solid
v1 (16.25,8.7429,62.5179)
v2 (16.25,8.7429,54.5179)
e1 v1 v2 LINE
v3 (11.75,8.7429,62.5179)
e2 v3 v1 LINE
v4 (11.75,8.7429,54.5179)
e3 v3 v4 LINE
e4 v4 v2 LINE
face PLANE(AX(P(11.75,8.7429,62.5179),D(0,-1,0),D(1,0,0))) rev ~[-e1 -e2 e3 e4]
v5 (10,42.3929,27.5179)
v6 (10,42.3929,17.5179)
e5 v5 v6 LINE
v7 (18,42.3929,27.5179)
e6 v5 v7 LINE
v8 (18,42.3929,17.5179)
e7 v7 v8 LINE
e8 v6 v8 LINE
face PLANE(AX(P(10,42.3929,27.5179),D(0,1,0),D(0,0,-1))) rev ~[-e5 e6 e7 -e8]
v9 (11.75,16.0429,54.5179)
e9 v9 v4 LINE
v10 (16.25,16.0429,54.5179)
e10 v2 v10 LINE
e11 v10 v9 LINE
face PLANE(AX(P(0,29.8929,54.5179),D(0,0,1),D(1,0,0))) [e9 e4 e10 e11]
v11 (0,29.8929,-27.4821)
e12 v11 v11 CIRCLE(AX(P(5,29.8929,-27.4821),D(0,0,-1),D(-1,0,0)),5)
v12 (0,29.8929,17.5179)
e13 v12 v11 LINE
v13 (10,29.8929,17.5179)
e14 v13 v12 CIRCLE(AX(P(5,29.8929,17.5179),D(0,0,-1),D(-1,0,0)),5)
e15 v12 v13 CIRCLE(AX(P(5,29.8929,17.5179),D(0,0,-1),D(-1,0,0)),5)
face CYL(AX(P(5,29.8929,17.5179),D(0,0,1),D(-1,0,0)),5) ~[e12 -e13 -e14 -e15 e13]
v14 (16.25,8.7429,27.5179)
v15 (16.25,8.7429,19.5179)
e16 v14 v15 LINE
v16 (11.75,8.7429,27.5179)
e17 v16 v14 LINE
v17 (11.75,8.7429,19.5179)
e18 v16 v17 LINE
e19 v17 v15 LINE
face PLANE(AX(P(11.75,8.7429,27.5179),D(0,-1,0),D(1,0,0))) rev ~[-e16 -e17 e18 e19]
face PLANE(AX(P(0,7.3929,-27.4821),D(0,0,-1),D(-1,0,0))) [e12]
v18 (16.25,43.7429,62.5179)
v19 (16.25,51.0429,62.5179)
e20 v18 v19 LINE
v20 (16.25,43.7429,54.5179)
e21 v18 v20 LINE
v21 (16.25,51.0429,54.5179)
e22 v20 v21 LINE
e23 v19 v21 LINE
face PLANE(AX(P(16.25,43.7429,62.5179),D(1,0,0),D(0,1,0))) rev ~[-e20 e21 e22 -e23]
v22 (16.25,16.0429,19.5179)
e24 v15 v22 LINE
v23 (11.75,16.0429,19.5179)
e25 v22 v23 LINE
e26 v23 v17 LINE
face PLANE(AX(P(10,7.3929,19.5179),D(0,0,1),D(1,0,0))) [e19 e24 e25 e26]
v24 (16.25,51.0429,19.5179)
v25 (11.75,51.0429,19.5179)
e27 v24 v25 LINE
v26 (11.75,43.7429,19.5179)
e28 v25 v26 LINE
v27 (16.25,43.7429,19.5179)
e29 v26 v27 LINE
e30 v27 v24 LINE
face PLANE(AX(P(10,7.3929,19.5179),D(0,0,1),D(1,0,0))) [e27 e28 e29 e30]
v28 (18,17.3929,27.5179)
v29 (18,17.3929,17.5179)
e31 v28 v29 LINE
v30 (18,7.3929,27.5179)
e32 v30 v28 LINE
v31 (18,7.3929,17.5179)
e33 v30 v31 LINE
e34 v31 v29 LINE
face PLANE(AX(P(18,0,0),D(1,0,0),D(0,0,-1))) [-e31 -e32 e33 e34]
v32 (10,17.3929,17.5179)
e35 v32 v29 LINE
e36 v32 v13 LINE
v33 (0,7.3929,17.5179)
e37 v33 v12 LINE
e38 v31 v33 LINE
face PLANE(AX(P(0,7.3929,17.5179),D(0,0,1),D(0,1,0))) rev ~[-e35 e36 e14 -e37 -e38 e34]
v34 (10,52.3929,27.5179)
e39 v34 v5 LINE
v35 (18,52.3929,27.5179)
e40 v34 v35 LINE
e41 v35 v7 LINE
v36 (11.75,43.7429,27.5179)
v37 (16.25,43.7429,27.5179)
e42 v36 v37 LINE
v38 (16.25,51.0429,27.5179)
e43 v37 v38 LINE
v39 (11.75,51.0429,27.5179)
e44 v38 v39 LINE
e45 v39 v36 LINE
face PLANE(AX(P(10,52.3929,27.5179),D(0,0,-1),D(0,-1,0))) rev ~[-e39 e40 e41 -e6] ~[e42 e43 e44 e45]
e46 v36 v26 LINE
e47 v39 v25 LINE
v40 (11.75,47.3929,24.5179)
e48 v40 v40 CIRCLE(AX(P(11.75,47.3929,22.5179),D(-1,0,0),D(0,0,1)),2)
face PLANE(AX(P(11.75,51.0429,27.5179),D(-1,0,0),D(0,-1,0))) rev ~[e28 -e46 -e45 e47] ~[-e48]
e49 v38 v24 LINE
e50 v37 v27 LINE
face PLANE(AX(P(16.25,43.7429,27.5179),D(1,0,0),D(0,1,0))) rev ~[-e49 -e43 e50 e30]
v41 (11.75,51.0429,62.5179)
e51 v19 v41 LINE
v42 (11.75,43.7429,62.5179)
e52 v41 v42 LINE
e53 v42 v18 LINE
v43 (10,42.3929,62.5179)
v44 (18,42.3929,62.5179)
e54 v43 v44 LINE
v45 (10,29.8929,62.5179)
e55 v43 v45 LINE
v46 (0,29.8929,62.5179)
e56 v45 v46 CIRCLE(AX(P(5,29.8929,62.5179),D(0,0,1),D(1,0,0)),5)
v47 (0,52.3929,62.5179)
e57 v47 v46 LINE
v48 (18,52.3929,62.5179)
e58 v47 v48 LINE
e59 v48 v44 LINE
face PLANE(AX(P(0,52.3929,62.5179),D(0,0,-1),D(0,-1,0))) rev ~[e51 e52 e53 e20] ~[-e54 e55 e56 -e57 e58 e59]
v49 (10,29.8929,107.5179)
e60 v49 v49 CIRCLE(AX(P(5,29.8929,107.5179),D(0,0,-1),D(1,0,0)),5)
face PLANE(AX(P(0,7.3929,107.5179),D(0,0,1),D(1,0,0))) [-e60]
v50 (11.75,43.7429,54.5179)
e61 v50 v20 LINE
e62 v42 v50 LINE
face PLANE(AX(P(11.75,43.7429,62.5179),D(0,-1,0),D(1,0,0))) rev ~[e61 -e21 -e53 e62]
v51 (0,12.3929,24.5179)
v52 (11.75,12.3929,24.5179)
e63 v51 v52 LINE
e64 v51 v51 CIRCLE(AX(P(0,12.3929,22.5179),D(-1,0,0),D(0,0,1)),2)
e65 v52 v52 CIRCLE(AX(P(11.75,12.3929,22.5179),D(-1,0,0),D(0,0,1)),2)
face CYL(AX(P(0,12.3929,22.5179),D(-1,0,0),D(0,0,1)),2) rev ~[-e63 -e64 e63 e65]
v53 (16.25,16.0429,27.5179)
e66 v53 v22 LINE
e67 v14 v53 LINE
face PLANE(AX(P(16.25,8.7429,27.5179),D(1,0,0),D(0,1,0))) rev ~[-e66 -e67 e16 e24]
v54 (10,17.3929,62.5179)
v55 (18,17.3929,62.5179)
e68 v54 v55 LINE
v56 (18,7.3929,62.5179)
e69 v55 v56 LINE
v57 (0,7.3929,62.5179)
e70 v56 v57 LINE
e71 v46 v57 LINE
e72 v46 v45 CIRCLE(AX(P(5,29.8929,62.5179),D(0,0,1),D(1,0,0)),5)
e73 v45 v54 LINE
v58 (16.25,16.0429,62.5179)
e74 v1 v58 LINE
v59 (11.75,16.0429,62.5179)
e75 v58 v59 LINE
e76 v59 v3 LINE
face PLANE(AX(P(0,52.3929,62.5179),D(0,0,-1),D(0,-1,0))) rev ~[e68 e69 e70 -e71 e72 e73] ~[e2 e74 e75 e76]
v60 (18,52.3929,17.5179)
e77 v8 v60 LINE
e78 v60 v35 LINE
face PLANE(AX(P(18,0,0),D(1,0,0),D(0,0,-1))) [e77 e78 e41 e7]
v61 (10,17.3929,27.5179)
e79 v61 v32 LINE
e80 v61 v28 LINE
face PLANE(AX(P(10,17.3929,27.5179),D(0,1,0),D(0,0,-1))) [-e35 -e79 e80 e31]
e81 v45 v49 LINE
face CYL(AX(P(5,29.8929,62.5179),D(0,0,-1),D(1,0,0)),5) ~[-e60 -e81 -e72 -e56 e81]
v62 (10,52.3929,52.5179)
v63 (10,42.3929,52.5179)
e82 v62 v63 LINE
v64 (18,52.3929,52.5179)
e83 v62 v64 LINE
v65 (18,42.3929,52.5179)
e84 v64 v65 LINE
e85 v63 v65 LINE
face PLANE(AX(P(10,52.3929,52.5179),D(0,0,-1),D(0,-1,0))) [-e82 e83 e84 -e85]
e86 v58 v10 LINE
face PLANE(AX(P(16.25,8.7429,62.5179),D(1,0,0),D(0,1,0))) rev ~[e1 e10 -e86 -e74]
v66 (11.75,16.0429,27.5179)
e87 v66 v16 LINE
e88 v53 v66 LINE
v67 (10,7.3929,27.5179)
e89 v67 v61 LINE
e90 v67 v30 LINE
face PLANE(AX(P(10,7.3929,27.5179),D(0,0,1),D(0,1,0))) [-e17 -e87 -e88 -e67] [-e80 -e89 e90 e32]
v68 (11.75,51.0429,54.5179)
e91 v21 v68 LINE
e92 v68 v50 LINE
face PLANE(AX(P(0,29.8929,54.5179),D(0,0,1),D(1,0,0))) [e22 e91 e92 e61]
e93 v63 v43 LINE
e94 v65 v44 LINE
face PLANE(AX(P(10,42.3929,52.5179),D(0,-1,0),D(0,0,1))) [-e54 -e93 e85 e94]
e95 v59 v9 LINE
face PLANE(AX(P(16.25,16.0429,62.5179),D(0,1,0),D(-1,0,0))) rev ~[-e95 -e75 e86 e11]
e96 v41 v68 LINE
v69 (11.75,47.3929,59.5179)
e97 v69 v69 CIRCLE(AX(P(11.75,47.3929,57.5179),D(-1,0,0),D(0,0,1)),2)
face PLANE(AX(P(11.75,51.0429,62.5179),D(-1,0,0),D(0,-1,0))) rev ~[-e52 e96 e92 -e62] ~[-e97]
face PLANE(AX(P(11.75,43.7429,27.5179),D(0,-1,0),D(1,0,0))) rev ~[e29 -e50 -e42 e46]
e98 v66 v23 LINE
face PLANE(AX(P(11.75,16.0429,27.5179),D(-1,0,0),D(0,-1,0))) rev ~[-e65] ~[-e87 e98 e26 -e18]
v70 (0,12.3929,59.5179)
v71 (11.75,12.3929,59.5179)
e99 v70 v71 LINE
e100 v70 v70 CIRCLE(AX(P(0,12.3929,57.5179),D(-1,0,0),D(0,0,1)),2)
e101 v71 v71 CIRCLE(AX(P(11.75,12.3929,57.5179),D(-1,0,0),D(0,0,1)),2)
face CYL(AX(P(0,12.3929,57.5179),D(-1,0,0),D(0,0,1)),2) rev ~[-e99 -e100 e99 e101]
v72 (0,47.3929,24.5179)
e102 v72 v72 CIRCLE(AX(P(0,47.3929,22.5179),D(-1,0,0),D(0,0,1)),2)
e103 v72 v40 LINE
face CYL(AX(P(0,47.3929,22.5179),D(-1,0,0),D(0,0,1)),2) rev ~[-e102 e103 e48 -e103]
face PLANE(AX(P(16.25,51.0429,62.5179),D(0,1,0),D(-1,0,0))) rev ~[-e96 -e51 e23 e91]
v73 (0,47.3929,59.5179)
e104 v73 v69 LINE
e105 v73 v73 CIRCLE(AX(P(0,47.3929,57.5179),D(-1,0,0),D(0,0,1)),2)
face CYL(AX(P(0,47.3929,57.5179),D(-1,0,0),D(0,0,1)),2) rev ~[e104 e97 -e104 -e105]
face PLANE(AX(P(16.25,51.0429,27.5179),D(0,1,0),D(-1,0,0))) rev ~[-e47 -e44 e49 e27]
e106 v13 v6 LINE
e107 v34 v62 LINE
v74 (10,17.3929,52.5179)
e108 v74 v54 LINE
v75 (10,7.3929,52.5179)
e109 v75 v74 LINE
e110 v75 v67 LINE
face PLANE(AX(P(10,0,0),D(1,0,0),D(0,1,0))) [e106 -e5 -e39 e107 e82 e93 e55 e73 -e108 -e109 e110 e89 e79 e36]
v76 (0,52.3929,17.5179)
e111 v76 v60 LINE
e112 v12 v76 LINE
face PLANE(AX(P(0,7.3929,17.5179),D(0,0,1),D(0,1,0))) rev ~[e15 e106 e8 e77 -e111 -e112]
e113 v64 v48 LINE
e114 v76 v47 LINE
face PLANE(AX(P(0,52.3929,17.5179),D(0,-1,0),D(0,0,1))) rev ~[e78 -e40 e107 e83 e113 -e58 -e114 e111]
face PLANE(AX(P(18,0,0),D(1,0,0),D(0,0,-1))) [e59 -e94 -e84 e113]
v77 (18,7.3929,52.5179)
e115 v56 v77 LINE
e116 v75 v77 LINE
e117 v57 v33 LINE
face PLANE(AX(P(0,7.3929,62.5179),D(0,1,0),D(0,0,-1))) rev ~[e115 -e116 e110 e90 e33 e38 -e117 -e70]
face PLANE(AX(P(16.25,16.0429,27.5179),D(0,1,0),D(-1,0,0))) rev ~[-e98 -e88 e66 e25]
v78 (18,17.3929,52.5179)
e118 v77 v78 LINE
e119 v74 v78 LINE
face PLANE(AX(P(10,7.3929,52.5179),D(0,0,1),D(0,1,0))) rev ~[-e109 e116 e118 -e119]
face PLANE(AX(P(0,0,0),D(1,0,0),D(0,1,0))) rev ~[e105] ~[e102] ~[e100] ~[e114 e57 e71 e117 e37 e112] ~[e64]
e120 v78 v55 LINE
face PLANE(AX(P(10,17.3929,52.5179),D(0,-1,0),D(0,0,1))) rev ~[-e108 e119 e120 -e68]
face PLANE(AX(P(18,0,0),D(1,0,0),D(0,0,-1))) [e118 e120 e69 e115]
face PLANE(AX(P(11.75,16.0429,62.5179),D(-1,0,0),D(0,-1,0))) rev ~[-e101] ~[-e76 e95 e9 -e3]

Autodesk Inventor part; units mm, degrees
ref_plane "YZ Plane" through (0, 0, 0) normal (1, 0, 0) x (0, 1, 0)
ref_plane "XZ Plane" through (0, 0, 0) normal (0, 1, 0) x (-1, 0, 0)
ref_plane "XY Plane" through (0, 0, 0) normal (0, 0, 1) x (1, 0, 0)
sketch "Skizze1" plane through (0, 0, 0) normal (1, 0, 0) x (0, 1, 0)
  line L0 (52.3929, 62.5179) -> (7.3929, 62.5179)
  line L1 (7.3929, 62.5179) -> (7.3929, 17.5179)
  line L2 (7.3929, 17.5179) -> (52.3929, 17.5179)
  line L3 (52.3929, 17.5179) -> (52.3929, 62.5179)
  point P0 (0, 0)
  dimension "d0" = 45
  dimension "d1" = 45
extrude "Extrusion1" add sketch "Skizze1" along normal blind 10
sketch "Skizze2" plane through (0, 7.3929, 62.5179) normal (0, 0, 1) x (1, 0, 0)
  line L0 (0, 0) -> (10, 0) projected
  line L1 (0, 45) -> (0, 0) projected
  line L2 (10, 45) -> (10, 0) projected
  circle A0 centre (5, 22.5) radius 5
  point P0 (0, -7.3929)
  dimension "d4" = 22.5
  dimension "d7" = 10
  dimension "d18" = 5
extrude "Extrusion2" add sketch "Skizze2" along normal blind 45 contours A0
sketch "Skizze3" plane through (0, 7.3929, 17.5179) normal (0, 0, -1) x (-1, 0, 0)
  line L0 (0, 45) -> (-10, 45) projected
  circle A0 centre (-5, 22.5) radius 5
  line L1 (0, 0) -> (0, 45) projected
  point P0 (0, -7.3929)
  dimension "d10" = 22.5
  dimension "d11" = 10
  dimension "d19" = 5
extrude "Extrusion3" add sketch "Skizze3" along normal blind 45
sketch "Skizze4" plane through (10, 0, 0) normal (1, 0, 0) x (0, 0, -1)
  point P0 (0, 0)
sketch "Skizze6" plane through (10, 52.3929, 59.5179) normal (1, 0, 0) x (0, 0, -1)
  point P0 (59.5179, -52.3929)
sketch "Skizze7" plane through (10, 52.3929, 59.5179) normal (1, 0, 0) x (0, 0, -1)
  point P0 (59.5179, -52.3929)
sketch "Skizze10" plane through (10, 0, 0) normal (1, 0, 0) x (0, 0, -1)
  line L0 (-62.5179, 29.8929) -> (-62.5179, 7.3929) projected
  line L1 (-62.5179, 52.3929) -> (-62.5179, 29.8929) projected
  line L2 (-17.5179, 52.3929) -> (-62.5179, 52.3929) projected
  line L3 (-17.5179, 29.8929) -> (-17.5179, 52.3929) projected
  line L4 (-17.5179, 24.8929) -> (27.4821, 24.8929) projected
  line L5 (-17.5179, 7.3929) -> (-17.5179, 29.8929) projected
  line L6 (-62.5179, 7.3929) -> (-17.5179, 7.3929) projected
  line L7 (-62.5179, 7.3929) -> (-52.5179, 7.3929)
  line L8 (-52.5179, 7.3929) -> (-52.5179, 17.3929)
  line L9 (-52.5179, 17.3929) -> (-62.5179, 17.3929)
  line L10 (-62.5179, 17.3929) -> (-62.5179, 7.3929)
  line L11 (-62.5179, 52.3929) -> (-52.5179, 52.3929)
  line L12 (-52.5179, 52.3929) -> (-52.5179, 42.3929)
  line L13 (-52.5179, 42.3929) -> (-62.5179, 42.3929)
  line L14 (-62.5179, 42.3929) -> (-62.5179, 52.3929)
  line L15 (-17.5179, 7.3929) -> (-17.5179, 29.8929) projected
  line L16 (-17.5179, 7.3929) -> (-27.5179, 7.3929)
  line L17 (-27.5179, 7.3929) -> (-27.5179, 17.3929)
  line L18 (-27.5179, 17.3929) -> (-17.5179, 17.3929)
  line L19 (-17.5179, 17.3929) -> (-17.5179, 7.3929)
  line L20 (-17.5179, 52.3929) -> (-27.5179, 52.3929)
  line L21 (-27.5179, 52.3929) -> (-27.5179, 42.3929)
  line L22 (-27.5179, 42.3929) -> (-17.5179, 42.3929)
  line L23 (-17.5179, 42.3929) -> (-17.5179, 52.3929)
  point P0 (0, 0)
  dimension "d46" = 10
  dimension "d47" = 10
  dimension "d48" = 10
  dimension "d49" = 10
  dimension "d50" = 10
  dimension "d51" = 10
  dimension "d52" = 10
  dimension "d53" = 10
extrude "Extrusion5" add sketch "Skizze10" along normal blind 8 contours L9 L8 L6 L0 | L1 L2 L12 L13 | L17 L18 L5 L6 | L2 L3 L22 L21
sketch "Skizze11" plane through (0, 29.8929, 62.5179) normal (0, 0, 1) x (1, 0, 0)
  line L0 (11.75, 13.85) -> (16.25, 13.85)
  line L1 (16.25, 13.85) -> (16.25, 21.15)
  line L2 (16.25, 21.15) -> (11.75, 21.15)
  line L3 (11.75, 21.15) -> (11.75, 13.85)
  line L4 (11.75, -21.15) -> (16.25, -21.15)
  line L5 (16.25, -21.15) -> (16.25, -13.85)
  line L6 (16.25, -13.85) -> (11.75, -13.85)
  line L7 (11.75, -13.85) -> (11.75, -21.15)
  line L8 (0, -22.5) -> (18, -22.5) projected
  line L9 (10, 12.5) -> (18, 12.5) projected
  line L10 (18, 22.5) -> (18, 12.5) projected
  point P0 (0, -29.8929)
  dimension "d56" = 4.5
  dimension "d57" = 7.3
  dimension "d58" = 4.5
  dimension "d59" = 7.3
  dimension "d60" = 1.35
  dimension "d61" = 1.35
  dimension "d62" = 1.75
extrude "Extrusion6" cut sketch "Skizze11" against normal blind 8
sketch "Skizze12" plane through (10, 7.3929, 27.5179) normal (0, 0, 1) x (1, 0, 0)
  line L0 (1.75, 1.35) -> (6.25, 1.35)
  line L1 (6.25, 1.35) -> (6.25, 8.65)
  line L2 (6.25, 8.65) -> (1.75, 8.65)
  line L3 (1.75, 8.65) -> (1.75, 1.35)
  line L4 (1.75, 36.35) -> (6.25, 36.35)
  line L5 (6.25, 36.35) -> (6.25, 43.65)
  line L6 (6.25, 43.65) -> (1.75, 43.65)
  line L7 (1.75, 43.65) -> (1.75, 36.35)
  line L8 (8, 10) -> (8, 0) projected
  line L9 (0, 0) -> (8, 0) projected
  line L10 (0, 35) -> (8, 35) projected
  point P0 (-10, -7.3929)
  dimension "d65" = 1.75
  dimension "d66" = 1.35
  dimension "d67" = 7.3
  dimension "d68" = 4.5
  dimension "d69" = 7.3
  dimension "d70" = 4.5
  dimension "d71" = 1.35
extrude "Extrusion7" cut sketch "Skizze12" against normal blind 8
sketch "Skizze13" plane through (0, 0, 0) normal (-1, 0, 0) x (0, 0, 1)
  line L0 (62.5179, 52.3929) -> (62.5179, 29.8929) projected
  line L1 (17.5179, 52.3929) -> (62.5179, 52.3929) projected
  line L2 (62.5179, 29.8929) -> (62.5179, 7.3929) projected
  line L3 (62.5179, 7.3929) -> (17.5179, 7.3929) projected
  line L4 (17.5179, 7.3929) -> (17.5179, 29.8929) projected
  line L5 (17.5179, 29.8929) -> (17.5179, 52.3929) projected
  circle A0 centre (57.5179, 47.3929) radius 2
  circle A1 centre (57.5179, 12.3929) radius 2
  circle A2 centre (22.5179, 47.3929) radius 2
  circle A3 centre (22.5179, 12.3929) radius 2
  point P0 (0, 0)
  dimension "d74" = 5
  dimension "d75" = 5
  dimension "d76" = 5
  dimension "d77" = 5
  dimension "d78" = 5
  dimension "d79" = 5
  dimension "d80" = 5
  dimension "d81" = 5
  dimension "d82" = 4
  dimension "d83" = 4
  dimension "d84" = 4
  dimension "d85" = 4
extrude "Extrusion8" cut sketch "Skizze13" against normal blind 12 contours A0 | A1 | A2 | A3
sketch "Skizze14" plane through (0, 0, 0) normal (-1, 0, 0) x (0, 0, 1)
  point P0 (0, 0)
sketch "Skizze15" plane through (10, 0, 0) normal (1, 0, 0) x (0, 0, -1)
  point P0 (0, 0)
properties part number "Spiegelhalter2.0"
